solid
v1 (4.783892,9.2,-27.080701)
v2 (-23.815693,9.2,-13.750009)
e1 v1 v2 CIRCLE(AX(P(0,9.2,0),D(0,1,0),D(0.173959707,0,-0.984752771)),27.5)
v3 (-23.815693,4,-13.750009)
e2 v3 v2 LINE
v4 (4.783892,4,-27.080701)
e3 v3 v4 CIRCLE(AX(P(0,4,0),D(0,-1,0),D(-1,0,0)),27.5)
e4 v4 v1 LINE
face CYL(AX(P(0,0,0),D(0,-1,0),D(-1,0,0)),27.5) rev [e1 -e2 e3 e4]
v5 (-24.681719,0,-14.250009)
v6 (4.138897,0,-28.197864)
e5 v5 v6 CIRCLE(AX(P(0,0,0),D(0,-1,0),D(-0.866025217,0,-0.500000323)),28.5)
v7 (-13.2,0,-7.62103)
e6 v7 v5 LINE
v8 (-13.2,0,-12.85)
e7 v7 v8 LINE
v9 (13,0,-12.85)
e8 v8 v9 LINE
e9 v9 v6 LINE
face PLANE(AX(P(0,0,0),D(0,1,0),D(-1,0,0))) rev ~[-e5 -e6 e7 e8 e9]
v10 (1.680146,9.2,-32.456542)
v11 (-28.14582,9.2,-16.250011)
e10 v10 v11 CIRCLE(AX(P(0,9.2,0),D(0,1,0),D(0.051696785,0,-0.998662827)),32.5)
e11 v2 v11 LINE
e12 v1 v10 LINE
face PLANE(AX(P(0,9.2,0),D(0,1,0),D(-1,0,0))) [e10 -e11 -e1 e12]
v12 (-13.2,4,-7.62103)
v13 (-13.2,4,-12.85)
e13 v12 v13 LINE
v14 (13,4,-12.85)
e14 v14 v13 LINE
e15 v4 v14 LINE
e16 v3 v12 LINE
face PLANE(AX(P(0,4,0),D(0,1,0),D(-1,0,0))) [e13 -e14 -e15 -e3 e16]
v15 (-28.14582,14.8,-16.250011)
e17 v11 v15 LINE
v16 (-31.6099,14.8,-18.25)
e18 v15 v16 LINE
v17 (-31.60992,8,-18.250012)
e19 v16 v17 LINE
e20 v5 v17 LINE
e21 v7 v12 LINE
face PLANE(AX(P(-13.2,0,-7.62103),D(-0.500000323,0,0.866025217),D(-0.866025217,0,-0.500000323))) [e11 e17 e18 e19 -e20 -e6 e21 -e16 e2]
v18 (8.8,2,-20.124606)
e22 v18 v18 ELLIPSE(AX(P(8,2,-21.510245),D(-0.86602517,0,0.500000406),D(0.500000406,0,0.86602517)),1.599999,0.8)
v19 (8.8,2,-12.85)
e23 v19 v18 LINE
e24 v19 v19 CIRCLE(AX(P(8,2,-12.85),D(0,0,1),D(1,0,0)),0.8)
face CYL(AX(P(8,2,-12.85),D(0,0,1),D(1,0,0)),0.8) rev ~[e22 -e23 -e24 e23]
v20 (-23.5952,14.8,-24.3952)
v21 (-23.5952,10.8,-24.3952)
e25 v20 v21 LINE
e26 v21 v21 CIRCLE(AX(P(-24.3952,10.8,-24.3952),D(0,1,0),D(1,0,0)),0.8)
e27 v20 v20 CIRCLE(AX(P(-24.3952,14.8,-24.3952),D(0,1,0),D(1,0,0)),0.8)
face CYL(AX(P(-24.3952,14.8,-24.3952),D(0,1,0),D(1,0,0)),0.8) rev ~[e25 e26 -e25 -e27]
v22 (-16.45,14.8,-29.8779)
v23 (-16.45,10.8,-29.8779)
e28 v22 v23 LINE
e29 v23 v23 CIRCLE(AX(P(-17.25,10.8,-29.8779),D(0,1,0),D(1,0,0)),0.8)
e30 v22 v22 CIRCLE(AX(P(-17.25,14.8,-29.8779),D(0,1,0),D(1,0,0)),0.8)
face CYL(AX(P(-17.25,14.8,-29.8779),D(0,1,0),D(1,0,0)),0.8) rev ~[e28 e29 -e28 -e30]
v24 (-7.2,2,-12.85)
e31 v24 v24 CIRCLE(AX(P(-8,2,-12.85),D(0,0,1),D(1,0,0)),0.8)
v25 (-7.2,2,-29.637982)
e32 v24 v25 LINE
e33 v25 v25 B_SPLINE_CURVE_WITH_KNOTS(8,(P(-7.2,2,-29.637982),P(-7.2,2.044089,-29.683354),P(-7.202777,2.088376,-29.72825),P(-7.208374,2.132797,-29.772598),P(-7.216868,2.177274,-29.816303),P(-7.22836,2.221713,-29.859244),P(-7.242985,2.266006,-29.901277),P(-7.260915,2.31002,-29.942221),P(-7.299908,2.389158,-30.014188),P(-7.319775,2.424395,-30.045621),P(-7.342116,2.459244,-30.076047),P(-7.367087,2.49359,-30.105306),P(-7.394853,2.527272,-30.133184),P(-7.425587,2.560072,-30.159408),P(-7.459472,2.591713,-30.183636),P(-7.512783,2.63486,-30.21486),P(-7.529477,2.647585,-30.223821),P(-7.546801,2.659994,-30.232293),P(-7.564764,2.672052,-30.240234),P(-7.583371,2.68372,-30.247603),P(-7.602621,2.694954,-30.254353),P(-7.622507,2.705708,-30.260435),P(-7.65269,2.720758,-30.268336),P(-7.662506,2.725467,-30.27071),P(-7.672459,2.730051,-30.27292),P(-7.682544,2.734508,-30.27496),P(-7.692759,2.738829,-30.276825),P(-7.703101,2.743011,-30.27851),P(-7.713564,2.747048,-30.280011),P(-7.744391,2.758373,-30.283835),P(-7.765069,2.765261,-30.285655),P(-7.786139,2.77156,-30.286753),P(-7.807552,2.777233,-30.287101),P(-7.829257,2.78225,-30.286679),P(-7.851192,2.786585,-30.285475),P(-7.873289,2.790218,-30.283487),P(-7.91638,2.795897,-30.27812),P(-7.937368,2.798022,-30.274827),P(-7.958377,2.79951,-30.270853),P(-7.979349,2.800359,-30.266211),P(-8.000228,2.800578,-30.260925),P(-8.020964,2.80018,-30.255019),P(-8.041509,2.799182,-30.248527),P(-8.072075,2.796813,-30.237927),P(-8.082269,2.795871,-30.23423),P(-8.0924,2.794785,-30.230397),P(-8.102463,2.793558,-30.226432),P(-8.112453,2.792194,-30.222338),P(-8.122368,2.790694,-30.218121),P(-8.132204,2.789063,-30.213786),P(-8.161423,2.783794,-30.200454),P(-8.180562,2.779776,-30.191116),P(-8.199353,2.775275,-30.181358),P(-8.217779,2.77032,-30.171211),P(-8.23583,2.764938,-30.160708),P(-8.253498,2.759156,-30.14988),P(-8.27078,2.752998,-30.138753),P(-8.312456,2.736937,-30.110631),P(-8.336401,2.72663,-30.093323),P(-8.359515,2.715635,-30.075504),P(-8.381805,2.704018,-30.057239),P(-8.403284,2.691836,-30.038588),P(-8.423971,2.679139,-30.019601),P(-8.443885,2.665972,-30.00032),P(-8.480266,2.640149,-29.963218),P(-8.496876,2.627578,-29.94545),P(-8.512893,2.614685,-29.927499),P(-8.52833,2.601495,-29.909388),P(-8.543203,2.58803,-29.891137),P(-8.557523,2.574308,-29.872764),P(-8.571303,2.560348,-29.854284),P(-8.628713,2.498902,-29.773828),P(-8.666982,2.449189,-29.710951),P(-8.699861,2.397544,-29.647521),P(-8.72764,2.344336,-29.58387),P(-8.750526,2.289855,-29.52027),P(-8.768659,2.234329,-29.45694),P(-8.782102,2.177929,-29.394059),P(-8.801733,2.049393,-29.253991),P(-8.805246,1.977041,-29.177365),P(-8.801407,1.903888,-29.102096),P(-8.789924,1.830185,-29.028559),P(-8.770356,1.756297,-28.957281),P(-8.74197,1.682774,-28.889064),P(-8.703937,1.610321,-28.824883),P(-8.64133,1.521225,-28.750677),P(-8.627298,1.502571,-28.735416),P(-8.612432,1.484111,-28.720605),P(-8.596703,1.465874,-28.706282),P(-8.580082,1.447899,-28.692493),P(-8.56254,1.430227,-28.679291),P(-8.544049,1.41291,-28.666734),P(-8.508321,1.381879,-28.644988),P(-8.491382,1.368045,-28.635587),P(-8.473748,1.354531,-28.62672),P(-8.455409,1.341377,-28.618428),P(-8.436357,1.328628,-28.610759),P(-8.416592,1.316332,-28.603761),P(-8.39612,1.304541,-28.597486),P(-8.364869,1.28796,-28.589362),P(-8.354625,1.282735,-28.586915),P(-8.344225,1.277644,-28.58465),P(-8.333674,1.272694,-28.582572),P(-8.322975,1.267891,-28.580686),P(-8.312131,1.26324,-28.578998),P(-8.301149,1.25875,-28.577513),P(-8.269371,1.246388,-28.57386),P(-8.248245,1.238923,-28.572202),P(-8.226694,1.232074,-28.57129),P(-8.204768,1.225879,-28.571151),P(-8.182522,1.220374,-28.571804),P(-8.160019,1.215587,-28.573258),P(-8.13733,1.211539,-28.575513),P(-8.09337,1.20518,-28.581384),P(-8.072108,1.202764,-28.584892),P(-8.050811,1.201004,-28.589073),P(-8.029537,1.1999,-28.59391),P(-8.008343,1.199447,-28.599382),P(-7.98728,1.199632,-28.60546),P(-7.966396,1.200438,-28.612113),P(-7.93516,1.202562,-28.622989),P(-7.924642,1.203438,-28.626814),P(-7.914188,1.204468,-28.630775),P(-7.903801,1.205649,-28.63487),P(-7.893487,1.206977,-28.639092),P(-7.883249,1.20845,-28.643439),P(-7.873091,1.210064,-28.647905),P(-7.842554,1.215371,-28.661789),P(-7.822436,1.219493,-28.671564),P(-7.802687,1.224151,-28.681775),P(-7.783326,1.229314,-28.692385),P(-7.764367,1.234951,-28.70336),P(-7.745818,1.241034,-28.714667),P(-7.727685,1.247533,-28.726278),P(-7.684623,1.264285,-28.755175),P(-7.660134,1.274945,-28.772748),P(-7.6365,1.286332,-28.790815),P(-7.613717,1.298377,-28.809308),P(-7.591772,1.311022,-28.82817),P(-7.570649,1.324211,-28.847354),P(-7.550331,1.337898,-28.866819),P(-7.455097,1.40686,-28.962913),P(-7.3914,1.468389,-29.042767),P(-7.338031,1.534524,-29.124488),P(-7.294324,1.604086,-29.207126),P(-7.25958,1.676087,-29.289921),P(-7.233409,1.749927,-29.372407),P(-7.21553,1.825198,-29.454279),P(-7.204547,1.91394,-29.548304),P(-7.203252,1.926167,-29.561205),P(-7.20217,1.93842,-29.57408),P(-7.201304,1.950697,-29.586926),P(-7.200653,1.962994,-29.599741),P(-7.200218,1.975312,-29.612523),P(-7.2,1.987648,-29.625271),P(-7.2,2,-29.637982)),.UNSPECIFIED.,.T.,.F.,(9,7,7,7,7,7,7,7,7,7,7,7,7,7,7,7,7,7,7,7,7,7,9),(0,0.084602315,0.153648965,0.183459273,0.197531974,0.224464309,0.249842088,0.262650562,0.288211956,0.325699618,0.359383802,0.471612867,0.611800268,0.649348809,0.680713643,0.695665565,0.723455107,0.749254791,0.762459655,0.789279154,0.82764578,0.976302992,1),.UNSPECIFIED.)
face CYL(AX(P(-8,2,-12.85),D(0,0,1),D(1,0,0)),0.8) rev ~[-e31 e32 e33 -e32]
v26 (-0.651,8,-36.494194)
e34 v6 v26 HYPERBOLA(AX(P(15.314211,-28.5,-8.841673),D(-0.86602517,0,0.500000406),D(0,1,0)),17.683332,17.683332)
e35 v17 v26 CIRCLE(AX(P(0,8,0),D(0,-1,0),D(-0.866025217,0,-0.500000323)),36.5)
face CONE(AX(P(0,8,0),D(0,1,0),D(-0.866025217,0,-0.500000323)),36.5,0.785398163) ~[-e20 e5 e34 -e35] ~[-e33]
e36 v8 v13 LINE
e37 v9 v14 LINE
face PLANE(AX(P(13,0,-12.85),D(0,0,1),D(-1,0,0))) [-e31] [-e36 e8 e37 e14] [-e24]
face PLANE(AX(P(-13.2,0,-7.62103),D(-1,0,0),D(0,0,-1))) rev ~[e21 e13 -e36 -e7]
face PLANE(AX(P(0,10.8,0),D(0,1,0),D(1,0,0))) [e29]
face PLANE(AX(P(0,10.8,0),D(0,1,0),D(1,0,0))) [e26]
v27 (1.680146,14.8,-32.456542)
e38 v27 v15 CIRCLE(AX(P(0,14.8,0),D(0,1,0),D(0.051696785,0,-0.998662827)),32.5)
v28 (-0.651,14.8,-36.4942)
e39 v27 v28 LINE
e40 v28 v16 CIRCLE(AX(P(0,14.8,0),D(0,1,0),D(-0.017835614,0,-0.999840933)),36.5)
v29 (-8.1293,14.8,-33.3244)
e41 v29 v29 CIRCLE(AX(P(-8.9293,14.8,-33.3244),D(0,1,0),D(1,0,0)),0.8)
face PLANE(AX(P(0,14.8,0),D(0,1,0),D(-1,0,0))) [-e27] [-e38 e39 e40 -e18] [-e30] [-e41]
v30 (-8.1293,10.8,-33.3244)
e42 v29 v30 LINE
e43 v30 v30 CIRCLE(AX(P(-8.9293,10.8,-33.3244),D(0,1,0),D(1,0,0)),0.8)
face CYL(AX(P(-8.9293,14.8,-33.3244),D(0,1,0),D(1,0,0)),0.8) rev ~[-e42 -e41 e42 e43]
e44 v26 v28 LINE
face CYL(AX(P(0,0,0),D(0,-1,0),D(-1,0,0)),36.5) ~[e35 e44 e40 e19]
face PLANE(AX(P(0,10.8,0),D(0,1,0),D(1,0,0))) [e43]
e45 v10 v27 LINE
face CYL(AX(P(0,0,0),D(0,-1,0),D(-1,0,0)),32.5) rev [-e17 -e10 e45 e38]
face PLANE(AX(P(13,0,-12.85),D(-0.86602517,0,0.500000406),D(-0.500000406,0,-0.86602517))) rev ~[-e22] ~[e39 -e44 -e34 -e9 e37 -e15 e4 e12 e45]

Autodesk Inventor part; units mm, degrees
ref_plane "YZ Plane" through (0, 0, 0) normal (1, 0, 0) x (0, 1, 0)
ref_plane "XZ Plane" through (0, 0, 0) normal (0, 1, 0) x (-1, 0, 0)
ref_plane "XY Plane" through (0, 0, 0) normal (0, 0, 1) x (1, 0, 0)
sketch "スケッチ1" plane through (0, 0, 0) normal (0, 1, 0) x (-1, 0, 0)
  circle A0 centre (0, 0) radius 27.5
  line L0 (13, 12.85) -> (-13, 12.85)
  line L1 (-13, 12.85) -> (-13, -12.85)
  line L2 (-13, -12.85) -> (13, -12.85)
  line L3 (13, -12.85) -> (13, 12.85)
  circle A1 centre (0, 0) radius 32.5
  circle A2 centre (0, 0) radius 36.5
  line L4 (0, 0) -> (18.4986, -32.0406)
  line L5 (0, 0) -> (31.6099, -18.25)
  line L6 (-13, -12.85) -> (0.651, -36.4942)
  line L7 (13.2, 12.8507) -> (13.2, -12.85)
  line L8 (13.2, -12.85) -> (13, -12.85)
  point P0 (13, 0)
  point P1 (0, 12.85)
  point P2 (13, -34.1065)
  point P3 (-13, -34.1065)
  point P4 (28.1458, -16.25)
  point P5 (13, -7.5056)
  point P6 (18.25, -31.6099)
  point P7 (16.25, -28.1458)
  point P8 (23.8157, -13.75)
  point P9 (-4.7839, -27.0807)
  point P10 (-1.6802, -32.4565)
  point P11 (13.2, -7.621)
  dimension "d0" = 55
  dimension "d1" = 12.85
  dimension "d2" = 26
  dimension "d3" = 5
  dimension "d4" = 4
  dimension "d11" = 60
  dimension "d12" = 30
  dimension "d16" = 0.2
extrude "押し出し1" add sketch "スケッチ1" along normal blind 4 contours L6 L2 L4 A0 | A0 L4 A1 L6 | L5 A1 L4 A0 | A0 L4 L2 L8 L7 L5 | A1 L4 A2 L6 | L5 A2 L4 A1
extrude "押し出し2" add sketch "スケッチ1" along normal blind 9.2 contours A0 L4 A1 L6 | L5 A1 L4 A0
extrude "押し出し3" add sketch "スケッチ1" along normal blind 14.8 contours A1 L4 A2 L6 | L5 A2 L4 A1
chamfer "面取り1" distance 8 angle 45 1 edges at (-18.5312, 0, -31.4459)
sketch "スケッチ2" plane through (-13.2, 0, -12.85) normal (0, 0, 1) x (1, 0, 0)
  circle A0 centre (21.2, 2) radius 0.8 projected
  circle A1 centre (5.2, 2) radius 0.8 projected
  point P0 (13.2, 0)
extrude "押し出し4" cut sketch "スケッチ2" against normal through all
sketch "スケッチ4" plane through (0, 14.8, 0) normal (0, 1, 0) x (1, 0, 0)
  circle A0 centre (-24.3952, 24.3952) radius 0.8 projected
  line L0 (4.7839, 27.0807) -> (-0.651, 36.4942) projected
  arc A1 (-0.651, 36.4942) -> (-31.6099, 18.25) centre (0, 0) ccw projected
  line L1 (-31.6099, 18.25) -> (-23.8157, 13.75) projected
  arc A2 (4.7839, 27.0807) -> (-23.8157, 13.75) centre (0, 0) ccw projected
  circle A3 centre (-17.25, 29.8779) radius 0.8 projected
  circle A4 centre (-8.9293, 33.3244) radius 0.8 projected
  circle A5 centre (-24.3952, 24.3952) radius 0.8 projected
extrude "押し出し6" cut sketch "スケッチ4" against normal blind 4 contours A0 | A3 | A4
properties part number "waist_side"
